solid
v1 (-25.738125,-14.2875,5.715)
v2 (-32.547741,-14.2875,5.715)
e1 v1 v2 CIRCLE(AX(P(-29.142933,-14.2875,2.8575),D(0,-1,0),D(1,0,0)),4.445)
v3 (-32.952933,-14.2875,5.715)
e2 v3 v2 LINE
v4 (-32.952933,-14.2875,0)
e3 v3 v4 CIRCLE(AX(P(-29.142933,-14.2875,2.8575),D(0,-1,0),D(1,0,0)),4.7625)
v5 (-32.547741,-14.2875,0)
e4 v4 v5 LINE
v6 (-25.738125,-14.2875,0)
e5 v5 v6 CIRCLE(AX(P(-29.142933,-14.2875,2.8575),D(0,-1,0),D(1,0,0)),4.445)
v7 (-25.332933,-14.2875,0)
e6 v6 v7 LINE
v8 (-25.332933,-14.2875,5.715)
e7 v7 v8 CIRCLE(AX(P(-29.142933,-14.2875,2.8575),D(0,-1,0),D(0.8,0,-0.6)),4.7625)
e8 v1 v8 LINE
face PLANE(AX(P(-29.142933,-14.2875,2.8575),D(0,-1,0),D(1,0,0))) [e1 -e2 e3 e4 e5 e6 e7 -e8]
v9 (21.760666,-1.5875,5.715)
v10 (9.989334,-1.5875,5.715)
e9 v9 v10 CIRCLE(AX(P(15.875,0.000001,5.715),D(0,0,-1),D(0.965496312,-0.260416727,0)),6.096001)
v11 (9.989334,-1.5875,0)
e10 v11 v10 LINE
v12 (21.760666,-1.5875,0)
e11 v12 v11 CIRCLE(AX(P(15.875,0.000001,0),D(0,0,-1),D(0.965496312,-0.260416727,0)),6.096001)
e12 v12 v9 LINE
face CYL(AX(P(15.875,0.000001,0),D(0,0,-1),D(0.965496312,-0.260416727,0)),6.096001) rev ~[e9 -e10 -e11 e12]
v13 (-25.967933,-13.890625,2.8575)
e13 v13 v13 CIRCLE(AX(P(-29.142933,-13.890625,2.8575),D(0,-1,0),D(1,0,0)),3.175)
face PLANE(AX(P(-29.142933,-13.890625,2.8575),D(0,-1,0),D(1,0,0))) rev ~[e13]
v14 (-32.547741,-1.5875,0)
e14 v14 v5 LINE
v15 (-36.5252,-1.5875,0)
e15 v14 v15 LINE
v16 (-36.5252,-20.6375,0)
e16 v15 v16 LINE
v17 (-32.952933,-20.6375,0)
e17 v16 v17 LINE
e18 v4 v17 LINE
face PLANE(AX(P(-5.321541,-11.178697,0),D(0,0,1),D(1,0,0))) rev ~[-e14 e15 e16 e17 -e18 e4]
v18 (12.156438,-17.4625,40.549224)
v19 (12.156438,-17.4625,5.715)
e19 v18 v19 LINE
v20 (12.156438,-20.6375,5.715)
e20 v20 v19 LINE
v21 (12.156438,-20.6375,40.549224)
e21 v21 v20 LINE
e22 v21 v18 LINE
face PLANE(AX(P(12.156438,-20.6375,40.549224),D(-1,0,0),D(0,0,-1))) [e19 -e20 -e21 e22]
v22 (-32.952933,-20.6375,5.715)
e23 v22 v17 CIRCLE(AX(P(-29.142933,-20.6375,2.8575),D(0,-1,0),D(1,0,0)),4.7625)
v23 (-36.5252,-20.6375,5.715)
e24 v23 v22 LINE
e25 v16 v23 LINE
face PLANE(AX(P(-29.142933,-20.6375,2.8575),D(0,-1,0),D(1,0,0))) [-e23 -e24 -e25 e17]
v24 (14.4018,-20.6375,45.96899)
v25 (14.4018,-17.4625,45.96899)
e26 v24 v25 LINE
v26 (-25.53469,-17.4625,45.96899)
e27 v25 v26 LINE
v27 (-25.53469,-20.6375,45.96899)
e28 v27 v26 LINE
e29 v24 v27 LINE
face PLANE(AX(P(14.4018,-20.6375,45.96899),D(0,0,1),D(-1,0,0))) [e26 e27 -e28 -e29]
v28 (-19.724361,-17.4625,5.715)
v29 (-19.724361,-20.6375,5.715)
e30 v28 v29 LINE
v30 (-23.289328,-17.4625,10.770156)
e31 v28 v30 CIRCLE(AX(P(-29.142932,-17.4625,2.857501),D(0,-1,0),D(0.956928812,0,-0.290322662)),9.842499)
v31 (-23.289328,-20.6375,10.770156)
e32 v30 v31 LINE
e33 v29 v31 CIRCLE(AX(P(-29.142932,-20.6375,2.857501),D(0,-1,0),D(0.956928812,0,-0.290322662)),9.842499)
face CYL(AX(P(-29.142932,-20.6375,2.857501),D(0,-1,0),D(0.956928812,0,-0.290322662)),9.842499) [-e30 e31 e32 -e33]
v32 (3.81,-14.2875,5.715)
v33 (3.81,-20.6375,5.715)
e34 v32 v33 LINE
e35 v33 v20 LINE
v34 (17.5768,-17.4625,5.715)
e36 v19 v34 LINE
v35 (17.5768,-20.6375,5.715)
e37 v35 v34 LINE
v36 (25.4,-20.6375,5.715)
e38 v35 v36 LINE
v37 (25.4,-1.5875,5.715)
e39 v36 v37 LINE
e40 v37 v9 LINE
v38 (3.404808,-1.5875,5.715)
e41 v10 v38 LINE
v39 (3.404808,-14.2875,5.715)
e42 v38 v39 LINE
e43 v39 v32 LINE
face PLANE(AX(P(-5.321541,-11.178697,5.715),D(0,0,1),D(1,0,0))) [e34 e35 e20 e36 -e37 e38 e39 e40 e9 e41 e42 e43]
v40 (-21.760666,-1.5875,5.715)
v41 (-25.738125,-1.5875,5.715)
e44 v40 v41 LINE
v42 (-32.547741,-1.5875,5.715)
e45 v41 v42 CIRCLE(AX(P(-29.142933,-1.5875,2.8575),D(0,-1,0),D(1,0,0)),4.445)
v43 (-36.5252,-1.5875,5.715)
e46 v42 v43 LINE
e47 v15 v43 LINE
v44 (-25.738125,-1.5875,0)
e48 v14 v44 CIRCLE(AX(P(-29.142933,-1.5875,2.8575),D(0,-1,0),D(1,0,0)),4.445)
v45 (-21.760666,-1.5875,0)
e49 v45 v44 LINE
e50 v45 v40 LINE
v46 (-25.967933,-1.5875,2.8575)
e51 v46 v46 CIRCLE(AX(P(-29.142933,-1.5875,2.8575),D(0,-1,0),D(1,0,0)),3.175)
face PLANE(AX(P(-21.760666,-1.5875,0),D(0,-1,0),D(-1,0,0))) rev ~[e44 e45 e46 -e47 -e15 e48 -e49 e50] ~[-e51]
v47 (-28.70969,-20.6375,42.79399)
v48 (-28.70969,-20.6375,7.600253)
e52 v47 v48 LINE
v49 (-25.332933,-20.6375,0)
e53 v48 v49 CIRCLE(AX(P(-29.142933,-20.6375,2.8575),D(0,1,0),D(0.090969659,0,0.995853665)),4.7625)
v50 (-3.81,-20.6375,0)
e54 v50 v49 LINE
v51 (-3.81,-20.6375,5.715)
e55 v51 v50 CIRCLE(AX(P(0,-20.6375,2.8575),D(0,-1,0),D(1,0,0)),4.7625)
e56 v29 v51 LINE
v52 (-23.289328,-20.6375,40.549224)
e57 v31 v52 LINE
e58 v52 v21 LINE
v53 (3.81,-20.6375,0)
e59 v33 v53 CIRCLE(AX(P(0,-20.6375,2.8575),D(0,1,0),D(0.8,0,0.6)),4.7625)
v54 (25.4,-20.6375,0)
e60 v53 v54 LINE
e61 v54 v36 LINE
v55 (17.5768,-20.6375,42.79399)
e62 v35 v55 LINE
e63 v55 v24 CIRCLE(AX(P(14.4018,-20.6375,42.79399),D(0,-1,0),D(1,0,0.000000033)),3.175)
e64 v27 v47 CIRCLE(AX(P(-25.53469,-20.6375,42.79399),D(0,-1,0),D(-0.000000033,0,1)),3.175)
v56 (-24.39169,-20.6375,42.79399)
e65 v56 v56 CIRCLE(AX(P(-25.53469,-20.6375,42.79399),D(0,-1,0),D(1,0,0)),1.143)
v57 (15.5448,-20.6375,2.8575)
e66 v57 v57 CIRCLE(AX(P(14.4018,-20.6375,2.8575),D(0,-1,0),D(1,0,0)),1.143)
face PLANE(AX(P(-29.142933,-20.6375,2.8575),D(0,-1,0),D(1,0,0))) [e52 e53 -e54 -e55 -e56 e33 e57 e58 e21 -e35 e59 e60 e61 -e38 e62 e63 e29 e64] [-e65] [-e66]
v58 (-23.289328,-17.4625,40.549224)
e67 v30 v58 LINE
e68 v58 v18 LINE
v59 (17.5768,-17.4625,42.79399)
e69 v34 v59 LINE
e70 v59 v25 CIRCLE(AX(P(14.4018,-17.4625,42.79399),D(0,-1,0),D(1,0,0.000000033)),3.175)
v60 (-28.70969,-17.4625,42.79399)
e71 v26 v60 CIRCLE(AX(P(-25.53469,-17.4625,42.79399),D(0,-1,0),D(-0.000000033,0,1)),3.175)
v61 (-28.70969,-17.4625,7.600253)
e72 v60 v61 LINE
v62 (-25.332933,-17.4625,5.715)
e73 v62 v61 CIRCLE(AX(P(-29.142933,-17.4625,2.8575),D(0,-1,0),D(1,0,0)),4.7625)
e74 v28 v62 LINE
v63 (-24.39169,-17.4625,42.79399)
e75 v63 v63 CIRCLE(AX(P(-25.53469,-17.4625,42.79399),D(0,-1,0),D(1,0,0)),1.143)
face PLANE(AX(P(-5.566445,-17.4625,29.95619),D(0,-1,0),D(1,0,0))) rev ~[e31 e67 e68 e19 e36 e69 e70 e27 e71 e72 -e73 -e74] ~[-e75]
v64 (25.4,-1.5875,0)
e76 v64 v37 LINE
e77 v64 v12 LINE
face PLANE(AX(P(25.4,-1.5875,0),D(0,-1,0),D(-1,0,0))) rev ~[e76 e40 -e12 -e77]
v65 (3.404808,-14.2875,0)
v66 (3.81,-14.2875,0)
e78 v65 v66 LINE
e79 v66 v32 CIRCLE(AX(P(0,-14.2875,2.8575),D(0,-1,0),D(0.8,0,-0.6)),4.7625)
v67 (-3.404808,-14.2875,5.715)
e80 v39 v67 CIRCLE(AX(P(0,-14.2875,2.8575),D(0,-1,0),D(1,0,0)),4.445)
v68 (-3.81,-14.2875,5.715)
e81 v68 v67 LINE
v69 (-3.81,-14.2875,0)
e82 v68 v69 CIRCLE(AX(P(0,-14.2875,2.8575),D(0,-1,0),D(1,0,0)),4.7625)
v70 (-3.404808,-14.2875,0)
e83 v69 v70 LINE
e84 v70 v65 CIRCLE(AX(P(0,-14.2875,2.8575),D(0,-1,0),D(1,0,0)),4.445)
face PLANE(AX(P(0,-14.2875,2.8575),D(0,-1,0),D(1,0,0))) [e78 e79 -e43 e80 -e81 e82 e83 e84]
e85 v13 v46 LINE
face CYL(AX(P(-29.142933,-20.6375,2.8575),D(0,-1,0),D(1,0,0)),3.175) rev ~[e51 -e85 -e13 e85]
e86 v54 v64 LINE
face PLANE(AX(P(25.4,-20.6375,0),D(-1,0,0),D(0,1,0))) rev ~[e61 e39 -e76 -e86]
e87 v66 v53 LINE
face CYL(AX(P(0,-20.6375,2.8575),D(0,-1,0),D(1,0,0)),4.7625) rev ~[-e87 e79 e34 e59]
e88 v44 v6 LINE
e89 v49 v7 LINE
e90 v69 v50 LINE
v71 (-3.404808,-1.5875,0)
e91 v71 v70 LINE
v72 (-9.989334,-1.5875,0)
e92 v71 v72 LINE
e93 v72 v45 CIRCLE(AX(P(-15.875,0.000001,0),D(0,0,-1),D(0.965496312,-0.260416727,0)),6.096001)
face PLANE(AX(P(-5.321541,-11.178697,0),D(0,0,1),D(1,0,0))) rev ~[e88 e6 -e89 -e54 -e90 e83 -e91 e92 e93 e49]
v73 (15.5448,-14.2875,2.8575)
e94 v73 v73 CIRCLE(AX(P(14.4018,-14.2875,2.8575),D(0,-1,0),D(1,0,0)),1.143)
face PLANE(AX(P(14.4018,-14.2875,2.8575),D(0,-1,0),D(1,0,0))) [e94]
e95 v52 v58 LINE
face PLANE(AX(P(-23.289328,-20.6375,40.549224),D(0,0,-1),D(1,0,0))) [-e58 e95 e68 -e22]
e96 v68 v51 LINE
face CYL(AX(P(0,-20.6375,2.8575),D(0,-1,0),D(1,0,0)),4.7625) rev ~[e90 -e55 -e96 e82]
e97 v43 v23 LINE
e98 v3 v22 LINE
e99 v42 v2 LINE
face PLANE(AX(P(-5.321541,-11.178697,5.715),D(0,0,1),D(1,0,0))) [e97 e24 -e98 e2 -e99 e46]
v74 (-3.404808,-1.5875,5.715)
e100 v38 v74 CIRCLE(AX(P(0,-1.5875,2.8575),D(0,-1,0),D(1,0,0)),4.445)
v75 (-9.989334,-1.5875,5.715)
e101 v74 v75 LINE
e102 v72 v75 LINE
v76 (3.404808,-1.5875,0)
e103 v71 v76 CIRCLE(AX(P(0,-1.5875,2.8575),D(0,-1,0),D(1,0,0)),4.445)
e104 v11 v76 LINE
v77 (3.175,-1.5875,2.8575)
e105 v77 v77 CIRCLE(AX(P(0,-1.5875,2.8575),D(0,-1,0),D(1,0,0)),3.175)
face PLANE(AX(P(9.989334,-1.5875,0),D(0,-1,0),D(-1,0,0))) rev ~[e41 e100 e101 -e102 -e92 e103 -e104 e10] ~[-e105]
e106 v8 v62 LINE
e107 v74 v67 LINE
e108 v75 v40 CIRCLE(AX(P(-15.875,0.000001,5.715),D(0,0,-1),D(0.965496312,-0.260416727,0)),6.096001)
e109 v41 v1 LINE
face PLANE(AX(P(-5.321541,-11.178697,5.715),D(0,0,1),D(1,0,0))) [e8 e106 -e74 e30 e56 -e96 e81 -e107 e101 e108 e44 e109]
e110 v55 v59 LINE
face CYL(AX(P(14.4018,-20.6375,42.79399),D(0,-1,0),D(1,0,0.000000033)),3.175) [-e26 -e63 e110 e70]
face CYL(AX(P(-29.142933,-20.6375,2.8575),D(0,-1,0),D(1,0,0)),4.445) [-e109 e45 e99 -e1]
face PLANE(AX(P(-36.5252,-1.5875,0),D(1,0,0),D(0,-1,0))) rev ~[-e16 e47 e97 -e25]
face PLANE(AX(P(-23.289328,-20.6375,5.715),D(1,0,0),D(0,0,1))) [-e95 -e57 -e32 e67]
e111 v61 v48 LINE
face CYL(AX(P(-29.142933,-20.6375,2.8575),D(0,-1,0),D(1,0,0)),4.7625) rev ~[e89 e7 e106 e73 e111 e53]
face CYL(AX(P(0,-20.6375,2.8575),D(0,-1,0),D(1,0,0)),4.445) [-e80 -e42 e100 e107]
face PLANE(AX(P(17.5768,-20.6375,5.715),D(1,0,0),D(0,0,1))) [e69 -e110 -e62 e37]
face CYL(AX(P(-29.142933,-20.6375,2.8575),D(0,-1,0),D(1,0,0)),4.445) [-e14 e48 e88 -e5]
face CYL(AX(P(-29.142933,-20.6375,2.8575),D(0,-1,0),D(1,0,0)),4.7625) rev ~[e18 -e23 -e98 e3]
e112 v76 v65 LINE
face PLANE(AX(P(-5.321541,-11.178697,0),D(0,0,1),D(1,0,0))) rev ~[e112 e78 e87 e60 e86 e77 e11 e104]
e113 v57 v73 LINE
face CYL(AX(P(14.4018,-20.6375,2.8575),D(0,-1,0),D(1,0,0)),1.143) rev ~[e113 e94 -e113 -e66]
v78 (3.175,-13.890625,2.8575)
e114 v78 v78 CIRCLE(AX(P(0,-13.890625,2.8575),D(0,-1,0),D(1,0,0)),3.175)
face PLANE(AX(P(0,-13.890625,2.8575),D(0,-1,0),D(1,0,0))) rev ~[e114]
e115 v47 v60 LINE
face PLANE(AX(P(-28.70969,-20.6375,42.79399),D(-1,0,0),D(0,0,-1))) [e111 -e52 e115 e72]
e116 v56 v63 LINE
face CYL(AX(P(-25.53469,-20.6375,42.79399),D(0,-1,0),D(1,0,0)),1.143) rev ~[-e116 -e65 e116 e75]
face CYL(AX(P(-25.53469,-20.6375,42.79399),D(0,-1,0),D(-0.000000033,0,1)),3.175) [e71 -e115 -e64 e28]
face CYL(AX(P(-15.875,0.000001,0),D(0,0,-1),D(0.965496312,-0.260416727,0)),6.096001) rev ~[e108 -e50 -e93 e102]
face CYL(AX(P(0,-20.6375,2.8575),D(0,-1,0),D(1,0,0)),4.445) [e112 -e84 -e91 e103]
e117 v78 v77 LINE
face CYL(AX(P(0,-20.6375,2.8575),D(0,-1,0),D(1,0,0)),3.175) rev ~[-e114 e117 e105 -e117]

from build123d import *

# Parameters (mm, degrees)
F1_DEPTH  = 5.715
F2_R      = 1.143
F3_DEPTH  = 3.175
F5_R      = 4.445
F6_DEPTH  = 19.05
F4_R      = 3.175
F7_DEPTH  = 19.05
F8_R      = 4.7625
F9_DEPTH  = 6.35
F10_R     = 1.143
F11_DEPTH = 6.35
F13_DEPTH = 3.175
F14_R     = 3.175
F15_DEPTH = 0.396875


with BuildPart() as f1:
    # F0 (on Top) → F1 (new body)
    with BuildSketch(Plane.XY):
        with BuildLine():
            ThreePointArc((-9.989334, -1.5875), (-15.875, -6.096), (-21.760666, -1.5875))
            Line((-21.760666, -1.5875), (-36.5252, -1.5875))
            Line((-36.5252, -1.5875), (-36.5252, -20.6375))
            Line((-36.5252, -20.6375), (25.4, -20.6375))
            Line((25.4, -20.6375), (25.4, -1.5875))
            Line((25.4, -1.5875), (21.760666, -1.5875))
            ThreePointArc((21.760666, -1.5875), (15.875, -6.096), (9.989334, -1.5875))
            Line((9.989334, -1.5875), (-9.989334, -1.5875))
        make_face()
    extrude(amount=F1_DEPTH)

    # F2 (on face) → F3 (join)
    with BuildSketch(Plane.XZ.offset(20.6375)):
        with BuildLine():
            ThreePointArc((-25.53469, 45.96899), (-27.779754, 45.039054), (-28.70969, 42.79399))
            Line((-28.70969, 42.79399), (-28.70969, 5.715))
            Line((-28.70969, 5.715), (-23.289328, 5.715))
            Line((-23.289328, 5.715), (-23.289328, 40.549224))
            Line((-23.289328, 40.549224), (12.156438, 40.549224))
            Line((12.156438, 40.549224), (12.156438, 5.715))
            Line((12.156438, 5.715), (17.5768, 5.715))
            Line((17.5768, 5.715), (17.5768, 42.79399))
            ThreePointArc((17.5768, 42.79399), (16.646864, 45.039054), (14.4018, 45.96899))
            Line((14.4018, 45.96899), (-25.53469, 45.96899))
        make_face()
        with Locations((-25.53469, 42.79399)):
            Circle(F2_R, mode=Mode.SUBTRACT)
        with Locations((14.4018, 2.8575)):
            Circle(F2_R)
    extrude(amount=-F3_DEPTH)

    # F5 (on face) → F6 (join, through all)
    with BuildSketch(Plane.XZ.offset(20.6375)):
        with Locations((-29.142933, 2.8575)):
            Circle(F5_R)
        with Locations((0, 2.8575)):
            Circle(F5_R)
    extrude(amount=-F6_DEPTH)

    # F4 (on face) → F7 (cut, through all)
    with BuildSketch(Plane.XZ.offset(20.6375)):
        with Locations((-29.142933, 2.8575)):
            Circle(F4_R)
        with Locations((0, 2.8575)):
            Circle(F4_R)
    extrude(amount=-F7_DEPTH, mode=Mode.SUBTRACT)

    # F8 (on face) → F9 (cut)
    with BuildSketch(Plane.XZ.offset(20.6375)):
        with Locations((-29.142933, 2.8575)):
            Circle(F8_R)
        with Locations((0, 2.8575)):
            Circle(F8_R)
    extrude(amount=-F9_DEPTH, mode=Mode.SUBTRACT)

    # F10 (on face) → F11 (cut)
    with BuildSketch(Plane.XZ.offset(20.6375)):
        with Locations((14.4018, 2.8575)):
            Circle(F10_R)
    extrude(amount=-F11_DEPTH, mode=Mode.SUBTRACT)

    # F12 (on face) → F13 (join, through all)
    with BuildSketch(Plane.XZ.offset(20.6375)):
        with BuildLine():
            Line((-25.332933, 0), (-19.724361, 0))
            ThreePointArc((-19.724361, 0), (-21.110093, 8.545056), (-28.70969, 12.69046))
            Line((-28.70969, 12.69046), (-28.70969, 7.600253))
            ThreePointArc((-28.70969, 7.600253), (-24.790664, 4.791192), (-25.332933, 0))
        make_face()
    extrude(amount=-F13_DEPTH)

    # F14 (on face) → F15 (join)
    with BuildSketch(Plane.XZ.offset(14.2875)):
        with Locations((0, 2.8575)):
            Circle(F14_R)
        with Locations((-29.142933, 2.8575)):
            Circle(F14_R)
    extrude(amount=-F15_DEPTH)


solid = f1.part
